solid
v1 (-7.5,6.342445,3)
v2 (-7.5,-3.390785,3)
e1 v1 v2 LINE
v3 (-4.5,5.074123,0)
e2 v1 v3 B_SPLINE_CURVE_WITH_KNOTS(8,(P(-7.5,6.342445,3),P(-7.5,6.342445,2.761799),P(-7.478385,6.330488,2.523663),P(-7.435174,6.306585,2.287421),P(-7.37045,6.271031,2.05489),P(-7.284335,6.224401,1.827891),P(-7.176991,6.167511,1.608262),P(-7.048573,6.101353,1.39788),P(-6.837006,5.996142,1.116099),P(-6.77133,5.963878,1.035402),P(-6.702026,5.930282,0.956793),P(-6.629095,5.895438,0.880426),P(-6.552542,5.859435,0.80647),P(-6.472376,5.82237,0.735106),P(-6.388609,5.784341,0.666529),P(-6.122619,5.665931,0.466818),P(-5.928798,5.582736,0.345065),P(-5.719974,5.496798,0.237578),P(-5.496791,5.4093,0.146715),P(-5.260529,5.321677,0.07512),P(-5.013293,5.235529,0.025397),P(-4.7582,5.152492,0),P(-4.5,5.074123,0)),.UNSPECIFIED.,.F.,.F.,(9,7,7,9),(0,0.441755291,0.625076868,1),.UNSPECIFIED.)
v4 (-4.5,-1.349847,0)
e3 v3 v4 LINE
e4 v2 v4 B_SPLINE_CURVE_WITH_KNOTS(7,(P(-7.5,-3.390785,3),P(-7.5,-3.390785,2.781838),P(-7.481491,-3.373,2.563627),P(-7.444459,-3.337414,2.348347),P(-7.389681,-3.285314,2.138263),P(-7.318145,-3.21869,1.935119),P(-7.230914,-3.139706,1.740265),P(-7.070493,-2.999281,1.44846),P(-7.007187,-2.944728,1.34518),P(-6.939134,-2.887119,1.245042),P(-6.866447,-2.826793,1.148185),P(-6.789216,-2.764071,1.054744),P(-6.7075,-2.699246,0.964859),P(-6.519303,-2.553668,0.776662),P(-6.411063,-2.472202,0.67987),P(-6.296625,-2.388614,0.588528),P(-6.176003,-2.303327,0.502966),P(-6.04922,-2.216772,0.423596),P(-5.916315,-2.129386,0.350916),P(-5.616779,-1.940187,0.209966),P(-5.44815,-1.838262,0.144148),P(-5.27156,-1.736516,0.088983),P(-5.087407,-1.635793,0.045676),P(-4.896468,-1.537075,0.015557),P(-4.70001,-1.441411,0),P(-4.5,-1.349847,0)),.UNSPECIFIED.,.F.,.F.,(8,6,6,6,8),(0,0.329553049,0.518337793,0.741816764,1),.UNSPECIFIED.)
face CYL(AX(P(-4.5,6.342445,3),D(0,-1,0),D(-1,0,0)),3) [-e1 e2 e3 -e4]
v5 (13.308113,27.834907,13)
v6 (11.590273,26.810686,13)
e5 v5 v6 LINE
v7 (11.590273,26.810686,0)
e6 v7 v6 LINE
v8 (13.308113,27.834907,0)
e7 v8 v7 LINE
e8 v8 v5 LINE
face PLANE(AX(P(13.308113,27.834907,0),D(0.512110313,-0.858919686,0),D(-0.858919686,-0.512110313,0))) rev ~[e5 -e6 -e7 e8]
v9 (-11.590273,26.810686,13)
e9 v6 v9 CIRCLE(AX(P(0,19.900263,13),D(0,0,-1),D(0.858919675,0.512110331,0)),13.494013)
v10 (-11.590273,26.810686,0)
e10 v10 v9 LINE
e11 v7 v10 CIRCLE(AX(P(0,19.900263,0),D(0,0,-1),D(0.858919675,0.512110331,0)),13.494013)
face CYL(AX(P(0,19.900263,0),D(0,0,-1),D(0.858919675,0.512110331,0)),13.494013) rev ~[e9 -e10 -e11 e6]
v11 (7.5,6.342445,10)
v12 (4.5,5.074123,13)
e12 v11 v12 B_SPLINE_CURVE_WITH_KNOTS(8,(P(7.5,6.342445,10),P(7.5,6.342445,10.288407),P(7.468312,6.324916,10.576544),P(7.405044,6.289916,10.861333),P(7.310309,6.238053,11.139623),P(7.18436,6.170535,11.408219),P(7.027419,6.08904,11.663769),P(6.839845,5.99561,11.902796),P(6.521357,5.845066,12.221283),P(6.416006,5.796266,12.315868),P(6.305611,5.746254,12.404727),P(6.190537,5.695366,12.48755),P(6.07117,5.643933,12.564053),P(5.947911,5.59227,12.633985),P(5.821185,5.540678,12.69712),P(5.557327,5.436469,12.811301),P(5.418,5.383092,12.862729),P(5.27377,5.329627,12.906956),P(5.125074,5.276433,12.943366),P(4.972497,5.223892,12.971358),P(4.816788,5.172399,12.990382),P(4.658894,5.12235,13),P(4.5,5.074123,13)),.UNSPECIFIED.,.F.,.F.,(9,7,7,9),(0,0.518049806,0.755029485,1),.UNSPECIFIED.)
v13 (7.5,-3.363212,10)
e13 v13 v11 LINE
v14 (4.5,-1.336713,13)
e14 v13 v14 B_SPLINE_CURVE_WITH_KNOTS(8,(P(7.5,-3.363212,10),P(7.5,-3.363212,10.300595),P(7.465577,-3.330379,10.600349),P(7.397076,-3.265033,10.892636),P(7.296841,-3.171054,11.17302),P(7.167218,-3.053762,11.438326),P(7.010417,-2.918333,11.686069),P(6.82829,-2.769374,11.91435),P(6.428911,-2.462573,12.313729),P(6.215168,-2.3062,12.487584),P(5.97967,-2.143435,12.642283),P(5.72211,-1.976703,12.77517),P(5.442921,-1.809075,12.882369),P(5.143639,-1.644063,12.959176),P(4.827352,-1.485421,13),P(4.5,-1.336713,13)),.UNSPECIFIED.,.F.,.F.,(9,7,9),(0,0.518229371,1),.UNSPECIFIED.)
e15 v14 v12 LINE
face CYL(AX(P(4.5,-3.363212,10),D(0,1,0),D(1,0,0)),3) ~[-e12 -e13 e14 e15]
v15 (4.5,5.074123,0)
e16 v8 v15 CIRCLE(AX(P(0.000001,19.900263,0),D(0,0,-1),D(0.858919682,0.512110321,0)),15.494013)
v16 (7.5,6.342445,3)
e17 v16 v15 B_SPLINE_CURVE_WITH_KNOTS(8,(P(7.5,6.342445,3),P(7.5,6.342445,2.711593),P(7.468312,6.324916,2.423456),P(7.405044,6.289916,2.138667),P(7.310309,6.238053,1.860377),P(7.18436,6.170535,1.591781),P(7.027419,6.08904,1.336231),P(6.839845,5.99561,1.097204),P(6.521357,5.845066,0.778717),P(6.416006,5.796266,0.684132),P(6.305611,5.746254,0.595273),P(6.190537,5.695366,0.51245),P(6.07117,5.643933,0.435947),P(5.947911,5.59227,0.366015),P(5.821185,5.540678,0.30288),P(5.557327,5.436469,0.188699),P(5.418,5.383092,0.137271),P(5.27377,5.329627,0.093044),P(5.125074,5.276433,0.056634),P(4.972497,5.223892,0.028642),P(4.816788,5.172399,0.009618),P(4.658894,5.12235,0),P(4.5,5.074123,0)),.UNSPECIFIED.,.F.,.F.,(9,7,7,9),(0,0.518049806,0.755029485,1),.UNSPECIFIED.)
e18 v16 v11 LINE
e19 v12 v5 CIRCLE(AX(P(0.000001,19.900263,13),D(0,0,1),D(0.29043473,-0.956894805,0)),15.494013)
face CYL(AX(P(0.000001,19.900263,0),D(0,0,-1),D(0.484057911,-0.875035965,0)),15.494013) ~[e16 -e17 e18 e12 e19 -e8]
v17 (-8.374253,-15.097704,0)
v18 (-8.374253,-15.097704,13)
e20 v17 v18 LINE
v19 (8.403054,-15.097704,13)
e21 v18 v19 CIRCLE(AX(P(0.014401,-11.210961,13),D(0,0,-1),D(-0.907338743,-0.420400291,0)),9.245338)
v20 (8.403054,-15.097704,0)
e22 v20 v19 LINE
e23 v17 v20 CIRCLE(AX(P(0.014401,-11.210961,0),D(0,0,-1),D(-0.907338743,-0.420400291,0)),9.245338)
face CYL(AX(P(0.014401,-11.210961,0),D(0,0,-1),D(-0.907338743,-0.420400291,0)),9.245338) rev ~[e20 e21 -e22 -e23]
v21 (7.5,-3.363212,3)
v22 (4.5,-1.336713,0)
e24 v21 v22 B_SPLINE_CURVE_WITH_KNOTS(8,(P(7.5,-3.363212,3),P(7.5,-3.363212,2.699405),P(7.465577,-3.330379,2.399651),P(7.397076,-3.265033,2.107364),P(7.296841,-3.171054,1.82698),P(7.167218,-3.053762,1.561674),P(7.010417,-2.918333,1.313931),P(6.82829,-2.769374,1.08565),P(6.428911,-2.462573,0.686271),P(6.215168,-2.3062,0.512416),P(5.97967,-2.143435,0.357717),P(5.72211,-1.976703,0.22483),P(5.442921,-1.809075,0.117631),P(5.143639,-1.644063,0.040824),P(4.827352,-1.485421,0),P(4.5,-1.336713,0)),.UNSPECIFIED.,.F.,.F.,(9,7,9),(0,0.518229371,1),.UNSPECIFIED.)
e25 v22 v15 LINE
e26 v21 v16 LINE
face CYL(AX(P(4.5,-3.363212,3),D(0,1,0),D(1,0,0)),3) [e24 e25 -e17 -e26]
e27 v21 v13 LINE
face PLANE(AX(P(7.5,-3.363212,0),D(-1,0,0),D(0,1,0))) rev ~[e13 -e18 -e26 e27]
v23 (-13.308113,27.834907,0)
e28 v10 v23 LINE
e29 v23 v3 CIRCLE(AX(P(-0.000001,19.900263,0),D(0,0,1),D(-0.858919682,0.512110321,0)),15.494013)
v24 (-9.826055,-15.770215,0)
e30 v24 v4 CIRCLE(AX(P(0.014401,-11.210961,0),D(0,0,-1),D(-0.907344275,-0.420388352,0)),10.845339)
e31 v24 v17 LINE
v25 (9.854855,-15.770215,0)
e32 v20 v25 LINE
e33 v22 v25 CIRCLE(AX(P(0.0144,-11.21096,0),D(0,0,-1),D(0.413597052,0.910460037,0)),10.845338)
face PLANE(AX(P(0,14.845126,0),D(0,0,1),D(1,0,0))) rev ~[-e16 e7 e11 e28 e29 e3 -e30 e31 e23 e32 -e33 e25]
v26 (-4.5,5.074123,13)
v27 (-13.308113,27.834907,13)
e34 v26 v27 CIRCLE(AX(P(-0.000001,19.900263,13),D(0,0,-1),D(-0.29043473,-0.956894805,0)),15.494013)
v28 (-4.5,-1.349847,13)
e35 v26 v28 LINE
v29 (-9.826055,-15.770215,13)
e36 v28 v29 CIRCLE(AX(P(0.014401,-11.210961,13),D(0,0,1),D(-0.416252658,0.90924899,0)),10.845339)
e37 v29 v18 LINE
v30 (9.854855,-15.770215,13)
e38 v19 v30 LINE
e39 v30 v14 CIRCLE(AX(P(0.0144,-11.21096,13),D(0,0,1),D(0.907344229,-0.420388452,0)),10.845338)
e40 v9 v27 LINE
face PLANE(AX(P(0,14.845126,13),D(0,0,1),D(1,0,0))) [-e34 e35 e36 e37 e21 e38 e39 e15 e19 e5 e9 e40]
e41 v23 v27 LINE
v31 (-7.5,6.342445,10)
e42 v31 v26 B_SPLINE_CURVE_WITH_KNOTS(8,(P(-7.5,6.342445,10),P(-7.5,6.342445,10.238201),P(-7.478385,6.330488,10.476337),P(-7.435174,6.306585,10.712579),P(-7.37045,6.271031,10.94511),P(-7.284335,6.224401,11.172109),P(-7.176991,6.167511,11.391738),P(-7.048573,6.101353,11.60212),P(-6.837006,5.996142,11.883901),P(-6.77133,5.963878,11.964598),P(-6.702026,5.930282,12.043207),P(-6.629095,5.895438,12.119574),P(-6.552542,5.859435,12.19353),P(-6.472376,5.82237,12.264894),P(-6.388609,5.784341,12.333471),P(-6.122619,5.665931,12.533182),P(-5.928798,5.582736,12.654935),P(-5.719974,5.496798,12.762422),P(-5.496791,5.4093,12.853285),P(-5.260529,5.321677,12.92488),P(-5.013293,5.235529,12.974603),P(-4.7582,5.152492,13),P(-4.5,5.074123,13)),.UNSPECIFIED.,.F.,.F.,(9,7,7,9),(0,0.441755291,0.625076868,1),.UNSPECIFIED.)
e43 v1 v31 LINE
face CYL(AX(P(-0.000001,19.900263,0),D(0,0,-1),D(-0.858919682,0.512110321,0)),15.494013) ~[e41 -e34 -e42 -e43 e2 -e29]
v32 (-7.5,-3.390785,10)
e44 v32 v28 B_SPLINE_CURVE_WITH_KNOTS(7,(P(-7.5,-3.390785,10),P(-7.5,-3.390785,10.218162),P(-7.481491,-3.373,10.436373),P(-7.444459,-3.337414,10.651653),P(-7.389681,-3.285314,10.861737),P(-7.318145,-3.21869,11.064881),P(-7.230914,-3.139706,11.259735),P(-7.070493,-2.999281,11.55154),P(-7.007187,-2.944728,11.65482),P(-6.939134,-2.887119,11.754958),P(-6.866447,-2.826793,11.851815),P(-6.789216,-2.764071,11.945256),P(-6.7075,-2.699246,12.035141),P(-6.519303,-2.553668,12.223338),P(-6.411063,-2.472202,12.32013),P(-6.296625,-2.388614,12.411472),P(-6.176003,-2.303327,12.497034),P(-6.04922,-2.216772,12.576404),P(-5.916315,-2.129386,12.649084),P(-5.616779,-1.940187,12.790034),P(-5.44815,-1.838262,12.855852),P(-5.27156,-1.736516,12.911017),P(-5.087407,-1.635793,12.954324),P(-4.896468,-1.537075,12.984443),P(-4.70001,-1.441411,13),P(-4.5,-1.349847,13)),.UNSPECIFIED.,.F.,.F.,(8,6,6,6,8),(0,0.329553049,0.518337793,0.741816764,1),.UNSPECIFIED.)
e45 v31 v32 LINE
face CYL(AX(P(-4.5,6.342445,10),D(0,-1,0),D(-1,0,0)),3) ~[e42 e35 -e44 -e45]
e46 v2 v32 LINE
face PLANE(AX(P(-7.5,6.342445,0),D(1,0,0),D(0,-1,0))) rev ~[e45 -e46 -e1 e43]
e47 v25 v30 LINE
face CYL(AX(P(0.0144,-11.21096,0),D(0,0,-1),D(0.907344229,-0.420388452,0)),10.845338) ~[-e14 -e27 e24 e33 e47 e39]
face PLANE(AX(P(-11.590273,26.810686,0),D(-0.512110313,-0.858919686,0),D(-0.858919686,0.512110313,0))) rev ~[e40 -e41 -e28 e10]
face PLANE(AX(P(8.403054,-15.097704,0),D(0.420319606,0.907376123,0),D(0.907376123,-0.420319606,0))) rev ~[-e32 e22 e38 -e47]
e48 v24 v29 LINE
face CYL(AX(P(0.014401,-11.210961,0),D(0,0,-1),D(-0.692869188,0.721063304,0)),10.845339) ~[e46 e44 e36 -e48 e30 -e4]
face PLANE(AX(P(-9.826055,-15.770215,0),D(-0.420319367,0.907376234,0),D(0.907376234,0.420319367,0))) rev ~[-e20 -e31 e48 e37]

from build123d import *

# Parameters (mm, degrees)
F1_DEPTH = 13
F2_R     = 3


with BuildPart() as f1:
    # F0 (on Top) → F1 (new body)
    with BuildSketch(Plane.XY):
        with BuildLine():
            ThreePointArc((11.590273, 26.810686), (0, 6.40625), (-11.590273, 26.810686))
            Line((-11.590273, 26.810686), (-13.308113, 27.834907))
            ThreePointArc((-13.308113, 27.834907), (-14.957469, 15.858164), (-7.5, 6.342445))
            ThreePointArc((-7.5, 6.342445), (0, 4.40625), (7.5, 6.342445))
            ThreePointArc((7.5, 6.342445), (14.957469, 15.858164), (13.308113, 27.834907))
            Line((13.308113, 27.834907), (11.590273, 26.810686))
        make_face()
        with BuildLine():
            ThreePointArc((7.5, 6.342445), (0, 4.40625), (-7.5, 6.342445))
            Line((-7.5, 6.342445), (-7.5, -3.390785))
            ThreePointArc((-7.5, -3.390785), (-0.005535, -0.365641), (7.5, -3.363212))
            Line((7.5, -3.363212), (7.5, 6.342445))
        make_face()
        with BuildLine():
            ThreePointArc((7.5, -3.363212), (-0.005535, -0.365641), (-7.5, -3.390785))
            ThreePointArc((-7.5, -3.390785), (-10.644414, -9.208204), (-9.826055, -15.770215))
            Line((-9.826055, -15.770215), (-8.374253, -15.097704))
            ThreePointArc((-8.374253, -15.097704), (0.0144, -1.965623), (8.403054, -15.097704))
            Line((8.403054, -15.097704), (9.854855, -15.770215))
            ThreePointArc((9.854855, -15.770215), (10.669515, -9.188614), (7.5, -3.363212))
        make_face()
    extrude(amount=F1_DEPTH)

    # F2
    f2_edges = [f1.edges().sort_by_distance(p)[0] for p in [
        (7.5, 1.489616, 13),
        (-7.5, 1.47583, 13),
        (7.5, 1.489616, 0),
        (-7.5, 1.47583, 0),
    ]]
    fillet(f2_edges, radius=F2_R)


solid = f1.part
